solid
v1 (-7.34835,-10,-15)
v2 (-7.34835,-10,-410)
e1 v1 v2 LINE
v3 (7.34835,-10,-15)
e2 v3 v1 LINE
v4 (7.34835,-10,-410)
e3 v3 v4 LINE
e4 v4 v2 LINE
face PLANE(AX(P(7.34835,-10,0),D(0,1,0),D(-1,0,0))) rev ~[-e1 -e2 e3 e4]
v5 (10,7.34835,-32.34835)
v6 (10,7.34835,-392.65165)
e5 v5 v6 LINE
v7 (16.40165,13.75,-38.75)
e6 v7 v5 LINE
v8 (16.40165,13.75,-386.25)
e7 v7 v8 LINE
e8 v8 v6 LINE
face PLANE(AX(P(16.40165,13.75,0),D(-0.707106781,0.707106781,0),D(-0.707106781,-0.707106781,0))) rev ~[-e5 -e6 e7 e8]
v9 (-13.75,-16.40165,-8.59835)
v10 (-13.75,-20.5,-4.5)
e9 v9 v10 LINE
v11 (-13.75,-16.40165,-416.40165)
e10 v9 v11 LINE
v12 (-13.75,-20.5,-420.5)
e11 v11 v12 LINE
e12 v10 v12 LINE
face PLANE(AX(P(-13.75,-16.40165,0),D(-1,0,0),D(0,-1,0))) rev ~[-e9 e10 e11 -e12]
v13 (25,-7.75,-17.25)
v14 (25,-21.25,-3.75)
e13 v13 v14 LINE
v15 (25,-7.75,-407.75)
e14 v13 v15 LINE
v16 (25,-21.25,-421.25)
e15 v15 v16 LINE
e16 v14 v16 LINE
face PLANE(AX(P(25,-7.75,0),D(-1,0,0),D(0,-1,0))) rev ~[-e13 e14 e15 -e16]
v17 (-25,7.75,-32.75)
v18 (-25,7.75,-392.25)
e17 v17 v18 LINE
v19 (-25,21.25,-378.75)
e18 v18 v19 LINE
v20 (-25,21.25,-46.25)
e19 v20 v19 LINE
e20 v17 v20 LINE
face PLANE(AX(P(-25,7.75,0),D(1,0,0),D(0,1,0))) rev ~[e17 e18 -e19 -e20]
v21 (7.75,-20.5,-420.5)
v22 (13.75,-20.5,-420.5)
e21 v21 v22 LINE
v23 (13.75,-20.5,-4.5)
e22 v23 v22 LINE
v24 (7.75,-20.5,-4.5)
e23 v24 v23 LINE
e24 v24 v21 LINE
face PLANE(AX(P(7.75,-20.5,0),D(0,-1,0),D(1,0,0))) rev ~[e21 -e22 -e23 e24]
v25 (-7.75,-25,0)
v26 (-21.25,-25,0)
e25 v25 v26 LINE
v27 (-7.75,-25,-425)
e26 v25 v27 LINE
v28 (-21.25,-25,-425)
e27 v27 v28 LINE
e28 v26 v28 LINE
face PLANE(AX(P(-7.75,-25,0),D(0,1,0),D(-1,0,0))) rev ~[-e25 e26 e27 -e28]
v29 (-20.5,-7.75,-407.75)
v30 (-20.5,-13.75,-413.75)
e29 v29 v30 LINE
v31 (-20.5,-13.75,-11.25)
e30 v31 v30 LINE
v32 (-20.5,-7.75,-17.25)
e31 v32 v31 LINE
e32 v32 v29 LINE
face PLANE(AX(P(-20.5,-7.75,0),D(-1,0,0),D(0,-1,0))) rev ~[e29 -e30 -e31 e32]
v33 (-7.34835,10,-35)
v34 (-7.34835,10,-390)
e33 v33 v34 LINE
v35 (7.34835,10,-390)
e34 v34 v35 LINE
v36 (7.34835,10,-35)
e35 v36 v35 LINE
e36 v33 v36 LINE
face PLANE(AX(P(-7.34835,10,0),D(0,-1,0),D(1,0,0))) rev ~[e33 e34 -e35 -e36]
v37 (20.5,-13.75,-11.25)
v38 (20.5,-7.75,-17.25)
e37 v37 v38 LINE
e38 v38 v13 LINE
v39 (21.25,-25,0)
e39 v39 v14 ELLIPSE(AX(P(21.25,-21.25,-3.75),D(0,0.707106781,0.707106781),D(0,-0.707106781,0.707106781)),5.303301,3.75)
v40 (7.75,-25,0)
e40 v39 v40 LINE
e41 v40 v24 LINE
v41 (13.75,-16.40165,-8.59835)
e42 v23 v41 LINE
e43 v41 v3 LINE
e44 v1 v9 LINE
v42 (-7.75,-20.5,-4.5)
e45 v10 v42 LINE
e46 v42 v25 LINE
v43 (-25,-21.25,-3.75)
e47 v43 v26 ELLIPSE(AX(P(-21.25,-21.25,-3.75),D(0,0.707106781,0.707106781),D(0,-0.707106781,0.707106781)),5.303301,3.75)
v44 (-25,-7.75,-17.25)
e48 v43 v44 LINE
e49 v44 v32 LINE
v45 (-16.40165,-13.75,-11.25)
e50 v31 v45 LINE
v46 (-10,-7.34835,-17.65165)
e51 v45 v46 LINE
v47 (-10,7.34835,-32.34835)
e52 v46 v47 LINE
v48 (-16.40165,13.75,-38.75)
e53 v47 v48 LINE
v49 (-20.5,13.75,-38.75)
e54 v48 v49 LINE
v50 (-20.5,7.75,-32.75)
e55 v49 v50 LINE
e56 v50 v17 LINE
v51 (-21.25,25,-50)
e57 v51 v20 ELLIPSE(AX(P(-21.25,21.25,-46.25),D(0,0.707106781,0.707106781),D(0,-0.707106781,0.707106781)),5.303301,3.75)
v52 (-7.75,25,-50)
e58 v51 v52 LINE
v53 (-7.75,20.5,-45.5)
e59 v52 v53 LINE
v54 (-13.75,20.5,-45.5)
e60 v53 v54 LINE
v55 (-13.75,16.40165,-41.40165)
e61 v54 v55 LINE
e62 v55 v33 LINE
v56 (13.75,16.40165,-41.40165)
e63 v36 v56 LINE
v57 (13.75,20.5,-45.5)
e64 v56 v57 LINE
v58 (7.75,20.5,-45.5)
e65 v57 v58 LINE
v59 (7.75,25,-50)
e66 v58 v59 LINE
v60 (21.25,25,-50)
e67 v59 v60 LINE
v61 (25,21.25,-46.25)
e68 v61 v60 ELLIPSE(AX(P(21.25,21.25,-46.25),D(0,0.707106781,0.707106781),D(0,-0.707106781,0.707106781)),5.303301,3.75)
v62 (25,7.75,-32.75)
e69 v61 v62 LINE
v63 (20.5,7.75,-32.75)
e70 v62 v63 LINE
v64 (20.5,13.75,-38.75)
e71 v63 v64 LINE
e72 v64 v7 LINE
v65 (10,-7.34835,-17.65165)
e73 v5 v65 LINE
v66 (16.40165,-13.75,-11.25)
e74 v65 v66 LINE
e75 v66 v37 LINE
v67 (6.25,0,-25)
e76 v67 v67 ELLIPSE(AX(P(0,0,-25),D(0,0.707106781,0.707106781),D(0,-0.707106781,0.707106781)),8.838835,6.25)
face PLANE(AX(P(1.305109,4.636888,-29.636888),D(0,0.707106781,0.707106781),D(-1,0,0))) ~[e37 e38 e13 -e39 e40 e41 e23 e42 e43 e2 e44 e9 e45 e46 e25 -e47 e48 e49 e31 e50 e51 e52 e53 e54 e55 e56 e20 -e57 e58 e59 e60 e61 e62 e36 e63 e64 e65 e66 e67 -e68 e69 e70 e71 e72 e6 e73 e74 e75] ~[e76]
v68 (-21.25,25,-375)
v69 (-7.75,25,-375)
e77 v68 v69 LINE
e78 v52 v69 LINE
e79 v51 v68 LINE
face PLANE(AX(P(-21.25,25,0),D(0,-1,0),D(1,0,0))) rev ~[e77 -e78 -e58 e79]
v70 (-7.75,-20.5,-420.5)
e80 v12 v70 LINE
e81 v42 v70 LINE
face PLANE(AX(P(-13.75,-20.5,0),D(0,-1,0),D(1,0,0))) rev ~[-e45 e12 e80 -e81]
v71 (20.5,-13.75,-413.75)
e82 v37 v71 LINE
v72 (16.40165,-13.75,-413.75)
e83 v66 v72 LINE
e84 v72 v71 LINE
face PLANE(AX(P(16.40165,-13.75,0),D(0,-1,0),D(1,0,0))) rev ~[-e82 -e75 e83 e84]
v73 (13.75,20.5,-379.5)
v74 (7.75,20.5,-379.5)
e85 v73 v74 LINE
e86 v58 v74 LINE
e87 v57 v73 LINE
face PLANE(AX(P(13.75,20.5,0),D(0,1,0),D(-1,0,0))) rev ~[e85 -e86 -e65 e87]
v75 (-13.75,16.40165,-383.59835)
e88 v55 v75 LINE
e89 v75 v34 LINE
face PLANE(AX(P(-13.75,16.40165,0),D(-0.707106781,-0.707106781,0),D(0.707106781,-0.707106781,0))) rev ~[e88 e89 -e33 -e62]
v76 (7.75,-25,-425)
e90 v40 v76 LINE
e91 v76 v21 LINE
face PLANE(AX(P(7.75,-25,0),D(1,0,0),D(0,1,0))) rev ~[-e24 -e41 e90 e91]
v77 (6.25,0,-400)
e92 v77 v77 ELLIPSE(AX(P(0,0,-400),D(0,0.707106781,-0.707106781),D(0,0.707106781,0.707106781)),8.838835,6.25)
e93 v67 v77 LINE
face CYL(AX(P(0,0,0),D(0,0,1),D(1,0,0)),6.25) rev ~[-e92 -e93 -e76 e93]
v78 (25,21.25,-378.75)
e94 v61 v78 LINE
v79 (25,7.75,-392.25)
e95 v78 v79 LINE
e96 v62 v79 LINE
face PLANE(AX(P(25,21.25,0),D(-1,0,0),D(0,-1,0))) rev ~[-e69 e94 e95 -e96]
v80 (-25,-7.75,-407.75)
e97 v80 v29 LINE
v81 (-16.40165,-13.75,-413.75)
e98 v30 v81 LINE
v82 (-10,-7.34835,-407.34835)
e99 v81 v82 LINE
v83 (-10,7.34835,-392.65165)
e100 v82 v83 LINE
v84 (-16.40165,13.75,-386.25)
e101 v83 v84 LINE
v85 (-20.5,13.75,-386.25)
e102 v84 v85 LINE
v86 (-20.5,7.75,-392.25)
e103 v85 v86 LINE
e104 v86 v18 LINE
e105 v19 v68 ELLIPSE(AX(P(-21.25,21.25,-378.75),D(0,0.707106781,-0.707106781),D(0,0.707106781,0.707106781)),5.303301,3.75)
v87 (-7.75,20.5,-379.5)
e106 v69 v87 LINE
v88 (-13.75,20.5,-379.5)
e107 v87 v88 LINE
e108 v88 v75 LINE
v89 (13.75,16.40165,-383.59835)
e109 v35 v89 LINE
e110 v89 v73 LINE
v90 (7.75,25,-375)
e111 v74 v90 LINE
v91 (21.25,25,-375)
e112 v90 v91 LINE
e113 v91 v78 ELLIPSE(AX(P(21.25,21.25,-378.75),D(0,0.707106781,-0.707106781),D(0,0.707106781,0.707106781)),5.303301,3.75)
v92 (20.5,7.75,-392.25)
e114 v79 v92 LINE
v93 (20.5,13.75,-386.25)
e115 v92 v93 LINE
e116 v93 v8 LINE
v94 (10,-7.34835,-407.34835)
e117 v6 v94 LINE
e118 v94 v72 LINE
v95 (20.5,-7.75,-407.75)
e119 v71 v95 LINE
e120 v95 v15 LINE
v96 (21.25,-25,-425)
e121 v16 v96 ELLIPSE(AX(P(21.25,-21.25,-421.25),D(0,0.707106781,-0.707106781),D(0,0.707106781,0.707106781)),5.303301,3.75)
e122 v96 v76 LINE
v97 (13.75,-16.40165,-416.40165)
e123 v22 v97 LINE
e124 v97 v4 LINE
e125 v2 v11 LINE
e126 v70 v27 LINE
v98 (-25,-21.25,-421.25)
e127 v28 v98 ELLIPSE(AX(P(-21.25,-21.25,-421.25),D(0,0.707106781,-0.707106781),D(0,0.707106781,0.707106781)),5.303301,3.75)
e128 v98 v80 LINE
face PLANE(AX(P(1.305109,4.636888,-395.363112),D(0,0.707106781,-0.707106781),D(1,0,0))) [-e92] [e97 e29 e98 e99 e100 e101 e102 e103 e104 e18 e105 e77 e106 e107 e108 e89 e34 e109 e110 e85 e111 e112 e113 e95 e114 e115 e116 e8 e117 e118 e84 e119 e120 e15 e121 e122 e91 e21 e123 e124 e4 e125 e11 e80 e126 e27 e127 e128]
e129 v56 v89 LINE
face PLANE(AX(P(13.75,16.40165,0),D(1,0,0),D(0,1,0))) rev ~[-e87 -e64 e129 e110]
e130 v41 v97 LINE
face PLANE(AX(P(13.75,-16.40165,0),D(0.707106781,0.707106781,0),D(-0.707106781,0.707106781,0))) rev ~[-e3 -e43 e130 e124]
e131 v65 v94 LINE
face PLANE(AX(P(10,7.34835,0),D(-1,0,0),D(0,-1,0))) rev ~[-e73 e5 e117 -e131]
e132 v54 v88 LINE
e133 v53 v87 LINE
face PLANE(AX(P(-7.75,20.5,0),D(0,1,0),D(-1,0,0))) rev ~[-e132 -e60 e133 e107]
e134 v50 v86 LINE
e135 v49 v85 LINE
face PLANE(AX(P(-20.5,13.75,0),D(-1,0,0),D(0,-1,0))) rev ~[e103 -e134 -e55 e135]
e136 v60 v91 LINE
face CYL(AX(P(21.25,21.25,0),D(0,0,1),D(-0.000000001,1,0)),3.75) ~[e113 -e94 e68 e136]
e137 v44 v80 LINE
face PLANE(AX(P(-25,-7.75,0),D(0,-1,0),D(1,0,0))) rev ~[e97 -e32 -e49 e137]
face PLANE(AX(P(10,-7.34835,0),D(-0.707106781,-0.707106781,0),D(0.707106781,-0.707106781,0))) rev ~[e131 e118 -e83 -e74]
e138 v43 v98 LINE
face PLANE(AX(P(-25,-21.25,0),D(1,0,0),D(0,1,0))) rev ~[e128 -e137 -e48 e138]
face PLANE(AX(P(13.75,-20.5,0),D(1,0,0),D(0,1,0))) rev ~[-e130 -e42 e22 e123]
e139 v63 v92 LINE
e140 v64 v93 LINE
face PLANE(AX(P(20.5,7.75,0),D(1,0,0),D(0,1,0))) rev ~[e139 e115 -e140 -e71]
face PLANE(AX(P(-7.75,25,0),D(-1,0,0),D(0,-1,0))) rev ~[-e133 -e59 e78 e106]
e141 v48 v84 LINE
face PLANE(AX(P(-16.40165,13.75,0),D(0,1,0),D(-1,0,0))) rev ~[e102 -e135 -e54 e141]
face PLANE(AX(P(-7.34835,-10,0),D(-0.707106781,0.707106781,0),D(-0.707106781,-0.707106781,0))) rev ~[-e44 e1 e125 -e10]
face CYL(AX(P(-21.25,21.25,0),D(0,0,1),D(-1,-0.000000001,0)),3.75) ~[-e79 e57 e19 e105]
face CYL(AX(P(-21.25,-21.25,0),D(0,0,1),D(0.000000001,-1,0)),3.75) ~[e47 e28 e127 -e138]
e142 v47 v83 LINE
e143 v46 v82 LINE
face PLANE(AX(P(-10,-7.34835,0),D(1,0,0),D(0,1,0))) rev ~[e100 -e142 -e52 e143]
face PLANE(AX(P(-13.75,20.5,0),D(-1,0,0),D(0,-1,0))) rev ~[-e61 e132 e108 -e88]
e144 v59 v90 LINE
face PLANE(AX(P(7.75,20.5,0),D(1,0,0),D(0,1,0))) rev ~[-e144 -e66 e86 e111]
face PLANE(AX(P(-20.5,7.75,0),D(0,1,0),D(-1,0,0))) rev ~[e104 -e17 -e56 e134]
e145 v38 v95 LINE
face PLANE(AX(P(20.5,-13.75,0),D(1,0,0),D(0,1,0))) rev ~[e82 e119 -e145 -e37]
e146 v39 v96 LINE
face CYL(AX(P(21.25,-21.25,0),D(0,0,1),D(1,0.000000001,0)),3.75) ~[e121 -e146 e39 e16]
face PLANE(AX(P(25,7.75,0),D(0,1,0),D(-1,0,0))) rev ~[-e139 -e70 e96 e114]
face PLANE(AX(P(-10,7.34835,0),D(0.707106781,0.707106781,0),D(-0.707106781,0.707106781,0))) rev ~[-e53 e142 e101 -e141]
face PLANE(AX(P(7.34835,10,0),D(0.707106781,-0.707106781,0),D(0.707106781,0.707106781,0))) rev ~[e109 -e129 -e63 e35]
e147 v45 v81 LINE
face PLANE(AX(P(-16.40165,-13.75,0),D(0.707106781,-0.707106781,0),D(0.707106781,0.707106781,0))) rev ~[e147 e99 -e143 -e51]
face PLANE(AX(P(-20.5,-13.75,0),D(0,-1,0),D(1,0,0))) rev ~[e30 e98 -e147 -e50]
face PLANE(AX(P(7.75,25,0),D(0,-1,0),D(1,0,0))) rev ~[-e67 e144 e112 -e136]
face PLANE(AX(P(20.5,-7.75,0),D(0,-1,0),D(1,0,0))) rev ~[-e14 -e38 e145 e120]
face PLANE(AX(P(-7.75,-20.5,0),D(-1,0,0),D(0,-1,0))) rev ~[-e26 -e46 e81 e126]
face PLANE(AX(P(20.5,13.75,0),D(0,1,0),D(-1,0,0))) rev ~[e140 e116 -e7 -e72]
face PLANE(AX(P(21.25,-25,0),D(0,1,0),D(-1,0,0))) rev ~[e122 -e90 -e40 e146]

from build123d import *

# Parameters (mm, degrees)
SKETCH_1_R         = 2.5
EXTRUDE_2_DEPTH    = 170
SCALE1_SCALE       = 2.5
SKETCH1_W          = 66.249560654
SKETCH1_H          = 85.957176857
CUT_EXTRUDE1_DEPTH = 50


with BuildPart() as part:
    # 草图1 → 凸台-拉伸2 (new body)
    with BuildSketch(Plane.XY):
        with BuildLine():
            Line((5.5, -8.2), (5.5, -6.560660172))
            Line((5.5, -6.560660172), (2.939339828, -4))
            Line((2.939339828, -4), (-2.939339828, -4))
            Line((-2.939339828, -4), (-5.5, -6.560660172))
            Line((-5.5, -6.560660172), (-5.5, -8.2))
            Line((-5.5, -8.2), (-3.1, -8.2))
            Line((-3.1, -8.2), (-3.1, -10))
            Line((-3.1, -10), (-8.5, -10))
            ThreePointArc((-8.5, -10), (-9.560660172, -9.560660172), (-10, -8.5))
            Line((-10, -8.5), (-10, -3.1))
            Line((-10, -3.1), (-8.2, -3.1))
            Line((-8.2, -3.1), (-8.2, -5.5))
            Line((-8.2, -5.5), (-6.560660172, -5.5))
            Line((-6.560660172, -5.5), (-4, -2.939339828))
            Line((-4, -2.939339828), (-4, 2.939339828))
            Line((-4, 2.939339828), (-6.560660172, 5.5))
            Line((-6.560660172, 5.5), (-8.2, 5.5))
            Line((-8.2, 5.5), (-8.2, 3.1))
            Line((-8.2, 3.1), (-10, 3.1))
            Line((-10, 3.1), (-10, 8.5))
            ThreePointArc((-10, 8.5), (-9.560660172, 9.560660172), (-8.5, 10))
            Line((-8.5, 10), (-3.1, 10))
            Line((-3.1, 10), (-3.1, 8.2))
            Line((-3.1, 8.2), (-5.5, 8.2))
            Line((-5.5, 8.2), (-5.5, 6.560660172))
            Line((-5.5, 6.560660172), (-2.939339828, 4))
            Line((-2.939339828, 4), (2.939339828, 4))
            Line((2.939339828, 4), (5.5, 6.560660172))
            Line((5.5, 6.560660172), (5.5, 8.2))
            Line((5.5, 8.2), (3.1, 8.2))
            Line((3.1, 8.2), (3.1, 10))
            Line((3.1, 10), (8.5, 10))
            ThreePointArc((8.5, 10), (9.560660172, 9.560660172), (10, 8.5))
            Line((10, 8.5), (10, 3.1))
            Line((10, 3.1), (8.2, 3.1))
            Line((8.2, 3.1), (8.2, 5.5))
            Line((8.2, 5.5), (6.560660172, 5.5))
            Line((6.560660172, 5.5), (4, 2.939339828))
            Line((4, 2.939339828), (4, -2.939339828))
            Line((4, -2.939339828), (6.560660172, -5.5))
            Line((6.560660172, -5.5), (8.2, -5.5))
            Line((8.2, -5.5), (8.2, -3.1))
            Line((8.2, -3.1), (10, -3.1))
            Line((10, -3.1), (10, -8.5))
            ThreePointArc((10, -8.5), (9.560660172, -9.560660172), (8.5, -10))
            Line((8.5, -10), (3.1, -10))
            Line((3.1, -10), (3.1, -8.2))
            Line((3.1, -8.2), (5.5, -8.2))
        make_face()
        Circle(SKETCH_1_R, mode=Mode.SUBTRACT)
    extrude(amount=-EXTRUDE_2_DEPTH)


with BuildPart() as part_1:
    # Scale1: scaled about (0, 0, 0)
    add(part.part.scale(SCALE1_SCALE))

    # Sketch1 → Cut-Extrude1 (cut)
    with BuildSketch(Plane(origin=(0, 200, -200), x_dir=(1, 0, 0), z_dir=(1.0176525195173148e-14, 0.7071067811865488, -0.7071067811865464))):
        with Locations((1.305108883, 276.28516192)):
            Rectangle(SKETCH1_W, SKETCH1_H)
    cut_extrude1 = extrude(amount=CUT_EXTRUDE1_DEPTH, mode=Mode.SUBTRACT)

    # Mirror1: Cut-Extrude1 across plane
    add(cut_extrude1.mirror(Plane.XY.offset(-212.5)), mode=Mode.SUBTRACT)


solid = part_1.part
